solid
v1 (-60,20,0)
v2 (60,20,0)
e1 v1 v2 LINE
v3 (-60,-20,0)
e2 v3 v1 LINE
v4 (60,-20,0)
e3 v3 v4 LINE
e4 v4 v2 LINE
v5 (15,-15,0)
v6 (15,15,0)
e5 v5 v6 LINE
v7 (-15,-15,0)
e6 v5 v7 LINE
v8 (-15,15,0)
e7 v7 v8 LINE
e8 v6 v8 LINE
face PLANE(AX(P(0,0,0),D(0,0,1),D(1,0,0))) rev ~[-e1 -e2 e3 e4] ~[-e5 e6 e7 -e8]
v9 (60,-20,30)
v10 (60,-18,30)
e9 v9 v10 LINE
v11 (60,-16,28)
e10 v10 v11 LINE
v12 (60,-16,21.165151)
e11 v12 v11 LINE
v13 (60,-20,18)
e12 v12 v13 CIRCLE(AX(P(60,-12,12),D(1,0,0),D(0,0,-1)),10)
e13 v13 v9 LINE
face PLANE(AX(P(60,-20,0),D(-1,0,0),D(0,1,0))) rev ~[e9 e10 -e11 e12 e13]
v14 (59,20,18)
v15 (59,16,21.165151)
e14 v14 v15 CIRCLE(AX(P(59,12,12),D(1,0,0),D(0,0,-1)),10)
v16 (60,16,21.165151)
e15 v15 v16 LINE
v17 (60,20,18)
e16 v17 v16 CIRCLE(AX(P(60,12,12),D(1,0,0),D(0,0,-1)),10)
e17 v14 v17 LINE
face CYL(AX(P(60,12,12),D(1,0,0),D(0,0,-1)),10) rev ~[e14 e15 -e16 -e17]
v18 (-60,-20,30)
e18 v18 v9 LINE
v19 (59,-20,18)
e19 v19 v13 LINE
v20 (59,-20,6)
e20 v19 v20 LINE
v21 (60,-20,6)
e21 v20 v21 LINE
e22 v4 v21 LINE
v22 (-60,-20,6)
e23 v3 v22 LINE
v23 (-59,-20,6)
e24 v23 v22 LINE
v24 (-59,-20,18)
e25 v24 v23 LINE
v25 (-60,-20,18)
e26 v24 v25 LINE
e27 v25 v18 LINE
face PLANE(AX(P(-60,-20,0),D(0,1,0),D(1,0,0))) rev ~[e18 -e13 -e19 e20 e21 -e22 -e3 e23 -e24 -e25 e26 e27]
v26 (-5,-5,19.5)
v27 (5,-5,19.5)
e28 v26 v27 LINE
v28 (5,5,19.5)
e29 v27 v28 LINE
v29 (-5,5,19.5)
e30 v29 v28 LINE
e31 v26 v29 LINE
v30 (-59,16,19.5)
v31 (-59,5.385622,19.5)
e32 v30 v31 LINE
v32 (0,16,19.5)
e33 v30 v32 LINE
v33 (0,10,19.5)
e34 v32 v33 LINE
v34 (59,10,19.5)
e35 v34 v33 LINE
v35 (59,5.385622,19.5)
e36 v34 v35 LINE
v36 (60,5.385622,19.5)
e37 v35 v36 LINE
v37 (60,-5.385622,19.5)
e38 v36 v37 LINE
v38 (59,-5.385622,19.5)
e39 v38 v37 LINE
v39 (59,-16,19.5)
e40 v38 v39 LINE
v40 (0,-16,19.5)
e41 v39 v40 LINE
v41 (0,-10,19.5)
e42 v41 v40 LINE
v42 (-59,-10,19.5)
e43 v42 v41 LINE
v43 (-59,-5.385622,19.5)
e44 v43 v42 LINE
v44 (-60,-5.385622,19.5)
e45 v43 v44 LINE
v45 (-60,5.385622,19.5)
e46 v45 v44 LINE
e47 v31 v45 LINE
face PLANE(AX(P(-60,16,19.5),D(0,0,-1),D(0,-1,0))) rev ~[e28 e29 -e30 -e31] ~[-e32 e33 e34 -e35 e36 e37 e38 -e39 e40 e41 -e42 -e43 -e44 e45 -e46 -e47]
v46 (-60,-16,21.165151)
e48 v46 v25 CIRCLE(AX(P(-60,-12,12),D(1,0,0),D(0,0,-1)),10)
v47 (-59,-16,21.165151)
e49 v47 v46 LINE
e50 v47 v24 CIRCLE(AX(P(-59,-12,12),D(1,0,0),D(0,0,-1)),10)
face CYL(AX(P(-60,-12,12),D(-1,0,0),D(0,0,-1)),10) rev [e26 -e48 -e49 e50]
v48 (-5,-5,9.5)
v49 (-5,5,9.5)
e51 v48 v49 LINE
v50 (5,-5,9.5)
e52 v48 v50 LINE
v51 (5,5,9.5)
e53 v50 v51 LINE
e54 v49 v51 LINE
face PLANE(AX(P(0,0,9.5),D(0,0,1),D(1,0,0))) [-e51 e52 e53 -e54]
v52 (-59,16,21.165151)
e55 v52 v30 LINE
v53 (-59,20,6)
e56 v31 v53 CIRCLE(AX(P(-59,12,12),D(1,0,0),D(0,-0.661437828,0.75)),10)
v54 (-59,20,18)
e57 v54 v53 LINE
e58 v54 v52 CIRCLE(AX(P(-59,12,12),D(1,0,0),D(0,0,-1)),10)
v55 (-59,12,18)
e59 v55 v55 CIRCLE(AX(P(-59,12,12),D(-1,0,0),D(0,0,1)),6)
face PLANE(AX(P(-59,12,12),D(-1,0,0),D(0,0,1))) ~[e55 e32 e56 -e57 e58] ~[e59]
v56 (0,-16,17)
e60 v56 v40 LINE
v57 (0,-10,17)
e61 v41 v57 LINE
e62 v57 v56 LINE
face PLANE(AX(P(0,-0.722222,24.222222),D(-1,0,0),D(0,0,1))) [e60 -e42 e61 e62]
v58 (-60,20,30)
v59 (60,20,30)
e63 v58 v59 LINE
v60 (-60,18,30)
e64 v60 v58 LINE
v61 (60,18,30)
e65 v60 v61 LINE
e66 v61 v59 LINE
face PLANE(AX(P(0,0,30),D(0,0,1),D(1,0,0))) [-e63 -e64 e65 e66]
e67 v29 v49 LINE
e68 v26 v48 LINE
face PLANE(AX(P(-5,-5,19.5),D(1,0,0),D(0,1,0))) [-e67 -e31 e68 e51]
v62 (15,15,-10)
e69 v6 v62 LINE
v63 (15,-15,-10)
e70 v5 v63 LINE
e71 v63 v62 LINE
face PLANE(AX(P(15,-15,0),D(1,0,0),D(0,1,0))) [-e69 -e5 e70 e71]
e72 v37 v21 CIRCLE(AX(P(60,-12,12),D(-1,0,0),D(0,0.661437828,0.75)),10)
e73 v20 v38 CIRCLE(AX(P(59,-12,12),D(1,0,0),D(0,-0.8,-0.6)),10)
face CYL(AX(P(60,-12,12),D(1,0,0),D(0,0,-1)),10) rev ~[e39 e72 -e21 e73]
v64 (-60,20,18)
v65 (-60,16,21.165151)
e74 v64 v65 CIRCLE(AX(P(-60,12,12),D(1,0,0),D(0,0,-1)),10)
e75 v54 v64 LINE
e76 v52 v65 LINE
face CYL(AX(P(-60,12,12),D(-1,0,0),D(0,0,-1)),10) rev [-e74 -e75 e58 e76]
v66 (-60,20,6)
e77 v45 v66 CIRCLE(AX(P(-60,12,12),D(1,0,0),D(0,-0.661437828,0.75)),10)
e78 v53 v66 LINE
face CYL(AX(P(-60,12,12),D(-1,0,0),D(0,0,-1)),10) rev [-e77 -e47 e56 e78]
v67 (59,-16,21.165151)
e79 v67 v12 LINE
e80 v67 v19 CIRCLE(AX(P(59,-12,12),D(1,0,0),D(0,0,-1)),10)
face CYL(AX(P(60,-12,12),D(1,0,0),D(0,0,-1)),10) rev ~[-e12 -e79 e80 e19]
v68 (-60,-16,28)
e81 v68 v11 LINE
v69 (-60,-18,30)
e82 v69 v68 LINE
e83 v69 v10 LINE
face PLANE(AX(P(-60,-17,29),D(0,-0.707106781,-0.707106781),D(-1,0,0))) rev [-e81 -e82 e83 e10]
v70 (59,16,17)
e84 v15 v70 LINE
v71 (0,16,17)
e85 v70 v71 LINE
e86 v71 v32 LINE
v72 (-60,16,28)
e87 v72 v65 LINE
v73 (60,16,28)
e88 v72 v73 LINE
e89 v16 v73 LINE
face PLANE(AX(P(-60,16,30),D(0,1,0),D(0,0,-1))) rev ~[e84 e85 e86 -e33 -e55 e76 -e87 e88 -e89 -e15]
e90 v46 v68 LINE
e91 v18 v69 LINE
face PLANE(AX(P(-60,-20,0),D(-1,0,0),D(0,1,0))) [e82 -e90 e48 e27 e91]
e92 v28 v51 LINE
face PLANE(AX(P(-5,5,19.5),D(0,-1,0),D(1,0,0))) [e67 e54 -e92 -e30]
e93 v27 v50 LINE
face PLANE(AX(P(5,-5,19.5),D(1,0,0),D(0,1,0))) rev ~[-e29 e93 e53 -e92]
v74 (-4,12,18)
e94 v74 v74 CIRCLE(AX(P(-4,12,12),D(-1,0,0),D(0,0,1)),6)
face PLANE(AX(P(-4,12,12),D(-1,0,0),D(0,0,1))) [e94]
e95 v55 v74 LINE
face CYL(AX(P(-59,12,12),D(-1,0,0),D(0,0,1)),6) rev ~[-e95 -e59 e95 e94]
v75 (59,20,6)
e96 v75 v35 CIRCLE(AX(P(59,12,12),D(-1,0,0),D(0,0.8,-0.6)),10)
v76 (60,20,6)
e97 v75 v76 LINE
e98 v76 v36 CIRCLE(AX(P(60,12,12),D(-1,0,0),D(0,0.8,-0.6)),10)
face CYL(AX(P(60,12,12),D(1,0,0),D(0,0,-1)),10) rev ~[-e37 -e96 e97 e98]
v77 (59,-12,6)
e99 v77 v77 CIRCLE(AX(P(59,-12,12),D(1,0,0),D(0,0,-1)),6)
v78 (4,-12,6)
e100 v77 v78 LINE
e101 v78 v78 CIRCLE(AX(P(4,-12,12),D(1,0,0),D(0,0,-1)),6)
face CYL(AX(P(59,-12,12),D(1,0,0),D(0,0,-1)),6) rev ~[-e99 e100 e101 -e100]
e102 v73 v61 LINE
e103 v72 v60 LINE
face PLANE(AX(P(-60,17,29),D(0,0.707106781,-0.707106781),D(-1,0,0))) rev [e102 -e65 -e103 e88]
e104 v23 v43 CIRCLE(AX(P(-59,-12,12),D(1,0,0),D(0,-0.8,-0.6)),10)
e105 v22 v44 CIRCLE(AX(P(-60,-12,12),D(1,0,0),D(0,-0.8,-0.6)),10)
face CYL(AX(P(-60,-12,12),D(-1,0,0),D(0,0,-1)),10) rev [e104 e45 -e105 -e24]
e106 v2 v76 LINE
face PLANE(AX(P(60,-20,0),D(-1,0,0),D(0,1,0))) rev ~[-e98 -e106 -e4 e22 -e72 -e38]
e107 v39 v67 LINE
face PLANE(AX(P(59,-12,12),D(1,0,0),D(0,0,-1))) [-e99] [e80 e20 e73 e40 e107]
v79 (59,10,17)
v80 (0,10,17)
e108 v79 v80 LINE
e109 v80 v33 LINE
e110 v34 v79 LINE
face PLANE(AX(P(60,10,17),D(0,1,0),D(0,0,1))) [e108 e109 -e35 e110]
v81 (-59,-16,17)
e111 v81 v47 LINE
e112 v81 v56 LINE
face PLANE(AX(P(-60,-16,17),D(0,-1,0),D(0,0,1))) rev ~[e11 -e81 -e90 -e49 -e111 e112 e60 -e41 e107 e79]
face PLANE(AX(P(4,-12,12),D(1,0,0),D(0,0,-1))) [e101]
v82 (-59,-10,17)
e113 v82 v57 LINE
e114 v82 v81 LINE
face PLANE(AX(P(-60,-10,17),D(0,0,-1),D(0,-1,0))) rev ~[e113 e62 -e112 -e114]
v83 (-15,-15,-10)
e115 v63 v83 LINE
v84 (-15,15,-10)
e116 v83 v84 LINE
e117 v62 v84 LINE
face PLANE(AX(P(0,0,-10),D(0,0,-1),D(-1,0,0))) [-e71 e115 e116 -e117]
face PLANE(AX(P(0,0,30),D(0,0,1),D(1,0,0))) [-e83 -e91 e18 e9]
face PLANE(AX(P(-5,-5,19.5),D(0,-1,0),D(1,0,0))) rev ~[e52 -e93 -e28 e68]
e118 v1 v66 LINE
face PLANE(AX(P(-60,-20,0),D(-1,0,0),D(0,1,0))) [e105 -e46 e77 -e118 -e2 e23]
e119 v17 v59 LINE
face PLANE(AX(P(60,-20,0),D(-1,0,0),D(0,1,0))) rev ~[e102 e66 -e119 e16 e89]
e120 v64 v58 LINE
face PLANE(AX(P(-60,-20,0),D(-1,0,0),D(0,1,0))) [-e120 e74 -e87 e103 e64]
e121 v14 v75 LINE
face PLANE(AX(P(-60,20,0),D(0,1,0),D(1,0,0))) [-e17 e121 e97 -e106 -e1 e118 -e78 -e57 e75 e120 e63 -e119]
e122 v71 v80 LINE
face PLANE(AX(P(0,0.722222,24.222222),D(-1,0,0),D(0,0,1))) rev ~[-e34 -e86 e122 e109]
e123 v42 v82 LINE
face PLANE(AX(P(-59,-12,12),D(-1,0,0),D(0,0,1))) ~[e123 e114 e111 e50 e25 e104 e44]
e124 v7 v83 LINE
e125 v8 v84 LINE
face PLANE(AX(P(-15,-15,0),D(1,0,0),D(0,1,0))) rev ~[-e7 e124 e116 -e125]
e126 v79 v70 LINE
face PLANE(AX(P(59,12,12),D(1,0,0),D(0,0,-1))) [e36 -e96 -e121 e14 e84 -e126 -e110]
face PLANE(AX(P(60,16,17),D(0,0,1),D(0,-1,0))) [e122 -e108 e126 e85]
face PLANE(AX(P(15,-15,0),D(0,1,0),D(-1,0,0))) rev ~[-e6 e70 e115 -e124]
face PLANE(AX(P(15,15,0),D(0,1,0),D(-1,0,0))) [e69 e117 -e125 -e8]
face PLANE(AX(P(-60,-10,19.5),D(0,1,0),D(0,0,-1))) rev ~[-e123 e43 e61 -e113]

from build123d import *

# Parameters (mm, degrees)
SKETCH1_W           = 120
SKETCH1_H           = 40
BOSS_EXTRUDE1_DEPTH = 30
CUT_EXTRUDE1_DEPTH  = 60
CUT_EXTRUDE2_DEPTH  = 60
SKETCH4_W           = 30
SKETCH4_H           = 30
BOSS_EXTRUDE2_DEPTH = 10
SKETCH5_R           = 10
CUT_EXTRUDE3_DEPTH  = 1
SKETCH7_R           = 6
CUT_EXTRUDE5_DEPTH  = 55
SKETCH6_W           = 10
SKETCH6_H           = 10
CUT_EXTRUDE4_DEPTH  = 10
CHAMFER1_SIZE       = 2
SKETCH8_R           = 6
CUT_EXTRUDE6_DEPTH  = 55


with BuildPart() as part:
    # Sketch1 → Boss-Extrude1 (new body)
    with BuildSketch(Plane.XY):
        Rectangle(SKETCH1_W, SKETCH1_H)
    extrude(amount=BOSS_EXTRUDE1_DEPTH)

    # Sketch2 → Cut-Extrude1 (cut)
    with BuildSketch(Plane(origin=(60, 0, 0), x_dir=(0, 0, -1), z_dir=(1, 0, 0))):
        Polygon((-30, 16), (-19.782067596, 16), (-17, 16), (-17, 10), (-19.5, 10), (-19.5, -16), (-30, -16), align=None)
    extrude(amount=-CUT_EXTRUDE1_DEPTH, mode=Mode.SUBTRACT)

    # Sketch3 → Cut-Extrude2 (cut)
    with BuildSketch(Plane.ZY.offset(60)):
        Polygon((30, 16), (19.5, 16), (19.5, -10), (17, -10), (17, -16), (18.436994707, -16), (30, -16), align=None)
    extrude(amount=-CUT_EXTRUDE2_DEPTH, mode=Mode.SUBTRACT)

    # Sketch4 → Boss-Extrude2 (add)
    with BuildSketch(Plane(origin=(0, 0, 0), x_dir=(-1, 0, 0), z_dir=(0, 0, -1))):
        Rectangle(SKETCH4_W, SKETCH4_H)
    extrude(amount=BOSS_EXTRUDE2_DEPTH)

    # Sketch5 → Cut-Extrude3 (cut)
    with BuildSketch(Plane(origin=(60, 0, 0), x_dir=(0, 0, -1), z_dir=(1, 0, 0))):
        with Locations((-12, 12)):
            Circle(SKETCH5_R)
        with Locations((-12, -12)):
            Circle(SKETCH5_R)
    cut_extrude3 = extrude(amount=-CUT_EXTRUDE3_DEPTH, mode=Mode.SUBTRACT)

    # Sketch7 → Cut-Extrude5 (cut)
    with BuildSketch(Plane(origin=(59, 0, 0), x_dir=(0, 0, -1), z_dir=(1, 0, 0))):
        with Locations((-12, -12)):
            Circle(SKETCH7_R)
    extrude(amount=-CUT_EXTRUDE5_DEPTH, mode=Mode.SUBTRACT)

    # Mirror1: Cut-Extrude3 across plane
    add(cut_extrude3.mirror(Plane(origin=(0, 0, 0), x_dir=(0, 0, 1), z_dir=(1, 0, 0))), mode=Mode.SUBTRACT)

    # Sketch6 → Cut-Extrude4 (cut)
    with BuildSketch(Plane.XY.offset(19.5)):
        Rectangle(SKETCH6_W, SKETCH6_H)
    extrude(amount=-CUT_EXTRUDE4_DEPTH, mode=Mode.SUBTRACT)

    # Chamfer1
    chamfer1_edges = [part.edges().sort_by_distance(p)[0] for p in [
        (0, -16, 30),
        (0, 16, 30),
    ]]
    chamfer(chamfer1_edges, length=CHAMFER1_SIZE)

    # Sketch8 → Cut-Extrude6 (cut)
    with BuildSketch(Plane.ZY.offset(59)):
        with Locations((12, 12)):
            Circle(SKETCH8_R)
    extrude(amount=-CUT_EXTRUDE6_DEPTH, mode=Mode.SUBTRACT)


solid = part.part
